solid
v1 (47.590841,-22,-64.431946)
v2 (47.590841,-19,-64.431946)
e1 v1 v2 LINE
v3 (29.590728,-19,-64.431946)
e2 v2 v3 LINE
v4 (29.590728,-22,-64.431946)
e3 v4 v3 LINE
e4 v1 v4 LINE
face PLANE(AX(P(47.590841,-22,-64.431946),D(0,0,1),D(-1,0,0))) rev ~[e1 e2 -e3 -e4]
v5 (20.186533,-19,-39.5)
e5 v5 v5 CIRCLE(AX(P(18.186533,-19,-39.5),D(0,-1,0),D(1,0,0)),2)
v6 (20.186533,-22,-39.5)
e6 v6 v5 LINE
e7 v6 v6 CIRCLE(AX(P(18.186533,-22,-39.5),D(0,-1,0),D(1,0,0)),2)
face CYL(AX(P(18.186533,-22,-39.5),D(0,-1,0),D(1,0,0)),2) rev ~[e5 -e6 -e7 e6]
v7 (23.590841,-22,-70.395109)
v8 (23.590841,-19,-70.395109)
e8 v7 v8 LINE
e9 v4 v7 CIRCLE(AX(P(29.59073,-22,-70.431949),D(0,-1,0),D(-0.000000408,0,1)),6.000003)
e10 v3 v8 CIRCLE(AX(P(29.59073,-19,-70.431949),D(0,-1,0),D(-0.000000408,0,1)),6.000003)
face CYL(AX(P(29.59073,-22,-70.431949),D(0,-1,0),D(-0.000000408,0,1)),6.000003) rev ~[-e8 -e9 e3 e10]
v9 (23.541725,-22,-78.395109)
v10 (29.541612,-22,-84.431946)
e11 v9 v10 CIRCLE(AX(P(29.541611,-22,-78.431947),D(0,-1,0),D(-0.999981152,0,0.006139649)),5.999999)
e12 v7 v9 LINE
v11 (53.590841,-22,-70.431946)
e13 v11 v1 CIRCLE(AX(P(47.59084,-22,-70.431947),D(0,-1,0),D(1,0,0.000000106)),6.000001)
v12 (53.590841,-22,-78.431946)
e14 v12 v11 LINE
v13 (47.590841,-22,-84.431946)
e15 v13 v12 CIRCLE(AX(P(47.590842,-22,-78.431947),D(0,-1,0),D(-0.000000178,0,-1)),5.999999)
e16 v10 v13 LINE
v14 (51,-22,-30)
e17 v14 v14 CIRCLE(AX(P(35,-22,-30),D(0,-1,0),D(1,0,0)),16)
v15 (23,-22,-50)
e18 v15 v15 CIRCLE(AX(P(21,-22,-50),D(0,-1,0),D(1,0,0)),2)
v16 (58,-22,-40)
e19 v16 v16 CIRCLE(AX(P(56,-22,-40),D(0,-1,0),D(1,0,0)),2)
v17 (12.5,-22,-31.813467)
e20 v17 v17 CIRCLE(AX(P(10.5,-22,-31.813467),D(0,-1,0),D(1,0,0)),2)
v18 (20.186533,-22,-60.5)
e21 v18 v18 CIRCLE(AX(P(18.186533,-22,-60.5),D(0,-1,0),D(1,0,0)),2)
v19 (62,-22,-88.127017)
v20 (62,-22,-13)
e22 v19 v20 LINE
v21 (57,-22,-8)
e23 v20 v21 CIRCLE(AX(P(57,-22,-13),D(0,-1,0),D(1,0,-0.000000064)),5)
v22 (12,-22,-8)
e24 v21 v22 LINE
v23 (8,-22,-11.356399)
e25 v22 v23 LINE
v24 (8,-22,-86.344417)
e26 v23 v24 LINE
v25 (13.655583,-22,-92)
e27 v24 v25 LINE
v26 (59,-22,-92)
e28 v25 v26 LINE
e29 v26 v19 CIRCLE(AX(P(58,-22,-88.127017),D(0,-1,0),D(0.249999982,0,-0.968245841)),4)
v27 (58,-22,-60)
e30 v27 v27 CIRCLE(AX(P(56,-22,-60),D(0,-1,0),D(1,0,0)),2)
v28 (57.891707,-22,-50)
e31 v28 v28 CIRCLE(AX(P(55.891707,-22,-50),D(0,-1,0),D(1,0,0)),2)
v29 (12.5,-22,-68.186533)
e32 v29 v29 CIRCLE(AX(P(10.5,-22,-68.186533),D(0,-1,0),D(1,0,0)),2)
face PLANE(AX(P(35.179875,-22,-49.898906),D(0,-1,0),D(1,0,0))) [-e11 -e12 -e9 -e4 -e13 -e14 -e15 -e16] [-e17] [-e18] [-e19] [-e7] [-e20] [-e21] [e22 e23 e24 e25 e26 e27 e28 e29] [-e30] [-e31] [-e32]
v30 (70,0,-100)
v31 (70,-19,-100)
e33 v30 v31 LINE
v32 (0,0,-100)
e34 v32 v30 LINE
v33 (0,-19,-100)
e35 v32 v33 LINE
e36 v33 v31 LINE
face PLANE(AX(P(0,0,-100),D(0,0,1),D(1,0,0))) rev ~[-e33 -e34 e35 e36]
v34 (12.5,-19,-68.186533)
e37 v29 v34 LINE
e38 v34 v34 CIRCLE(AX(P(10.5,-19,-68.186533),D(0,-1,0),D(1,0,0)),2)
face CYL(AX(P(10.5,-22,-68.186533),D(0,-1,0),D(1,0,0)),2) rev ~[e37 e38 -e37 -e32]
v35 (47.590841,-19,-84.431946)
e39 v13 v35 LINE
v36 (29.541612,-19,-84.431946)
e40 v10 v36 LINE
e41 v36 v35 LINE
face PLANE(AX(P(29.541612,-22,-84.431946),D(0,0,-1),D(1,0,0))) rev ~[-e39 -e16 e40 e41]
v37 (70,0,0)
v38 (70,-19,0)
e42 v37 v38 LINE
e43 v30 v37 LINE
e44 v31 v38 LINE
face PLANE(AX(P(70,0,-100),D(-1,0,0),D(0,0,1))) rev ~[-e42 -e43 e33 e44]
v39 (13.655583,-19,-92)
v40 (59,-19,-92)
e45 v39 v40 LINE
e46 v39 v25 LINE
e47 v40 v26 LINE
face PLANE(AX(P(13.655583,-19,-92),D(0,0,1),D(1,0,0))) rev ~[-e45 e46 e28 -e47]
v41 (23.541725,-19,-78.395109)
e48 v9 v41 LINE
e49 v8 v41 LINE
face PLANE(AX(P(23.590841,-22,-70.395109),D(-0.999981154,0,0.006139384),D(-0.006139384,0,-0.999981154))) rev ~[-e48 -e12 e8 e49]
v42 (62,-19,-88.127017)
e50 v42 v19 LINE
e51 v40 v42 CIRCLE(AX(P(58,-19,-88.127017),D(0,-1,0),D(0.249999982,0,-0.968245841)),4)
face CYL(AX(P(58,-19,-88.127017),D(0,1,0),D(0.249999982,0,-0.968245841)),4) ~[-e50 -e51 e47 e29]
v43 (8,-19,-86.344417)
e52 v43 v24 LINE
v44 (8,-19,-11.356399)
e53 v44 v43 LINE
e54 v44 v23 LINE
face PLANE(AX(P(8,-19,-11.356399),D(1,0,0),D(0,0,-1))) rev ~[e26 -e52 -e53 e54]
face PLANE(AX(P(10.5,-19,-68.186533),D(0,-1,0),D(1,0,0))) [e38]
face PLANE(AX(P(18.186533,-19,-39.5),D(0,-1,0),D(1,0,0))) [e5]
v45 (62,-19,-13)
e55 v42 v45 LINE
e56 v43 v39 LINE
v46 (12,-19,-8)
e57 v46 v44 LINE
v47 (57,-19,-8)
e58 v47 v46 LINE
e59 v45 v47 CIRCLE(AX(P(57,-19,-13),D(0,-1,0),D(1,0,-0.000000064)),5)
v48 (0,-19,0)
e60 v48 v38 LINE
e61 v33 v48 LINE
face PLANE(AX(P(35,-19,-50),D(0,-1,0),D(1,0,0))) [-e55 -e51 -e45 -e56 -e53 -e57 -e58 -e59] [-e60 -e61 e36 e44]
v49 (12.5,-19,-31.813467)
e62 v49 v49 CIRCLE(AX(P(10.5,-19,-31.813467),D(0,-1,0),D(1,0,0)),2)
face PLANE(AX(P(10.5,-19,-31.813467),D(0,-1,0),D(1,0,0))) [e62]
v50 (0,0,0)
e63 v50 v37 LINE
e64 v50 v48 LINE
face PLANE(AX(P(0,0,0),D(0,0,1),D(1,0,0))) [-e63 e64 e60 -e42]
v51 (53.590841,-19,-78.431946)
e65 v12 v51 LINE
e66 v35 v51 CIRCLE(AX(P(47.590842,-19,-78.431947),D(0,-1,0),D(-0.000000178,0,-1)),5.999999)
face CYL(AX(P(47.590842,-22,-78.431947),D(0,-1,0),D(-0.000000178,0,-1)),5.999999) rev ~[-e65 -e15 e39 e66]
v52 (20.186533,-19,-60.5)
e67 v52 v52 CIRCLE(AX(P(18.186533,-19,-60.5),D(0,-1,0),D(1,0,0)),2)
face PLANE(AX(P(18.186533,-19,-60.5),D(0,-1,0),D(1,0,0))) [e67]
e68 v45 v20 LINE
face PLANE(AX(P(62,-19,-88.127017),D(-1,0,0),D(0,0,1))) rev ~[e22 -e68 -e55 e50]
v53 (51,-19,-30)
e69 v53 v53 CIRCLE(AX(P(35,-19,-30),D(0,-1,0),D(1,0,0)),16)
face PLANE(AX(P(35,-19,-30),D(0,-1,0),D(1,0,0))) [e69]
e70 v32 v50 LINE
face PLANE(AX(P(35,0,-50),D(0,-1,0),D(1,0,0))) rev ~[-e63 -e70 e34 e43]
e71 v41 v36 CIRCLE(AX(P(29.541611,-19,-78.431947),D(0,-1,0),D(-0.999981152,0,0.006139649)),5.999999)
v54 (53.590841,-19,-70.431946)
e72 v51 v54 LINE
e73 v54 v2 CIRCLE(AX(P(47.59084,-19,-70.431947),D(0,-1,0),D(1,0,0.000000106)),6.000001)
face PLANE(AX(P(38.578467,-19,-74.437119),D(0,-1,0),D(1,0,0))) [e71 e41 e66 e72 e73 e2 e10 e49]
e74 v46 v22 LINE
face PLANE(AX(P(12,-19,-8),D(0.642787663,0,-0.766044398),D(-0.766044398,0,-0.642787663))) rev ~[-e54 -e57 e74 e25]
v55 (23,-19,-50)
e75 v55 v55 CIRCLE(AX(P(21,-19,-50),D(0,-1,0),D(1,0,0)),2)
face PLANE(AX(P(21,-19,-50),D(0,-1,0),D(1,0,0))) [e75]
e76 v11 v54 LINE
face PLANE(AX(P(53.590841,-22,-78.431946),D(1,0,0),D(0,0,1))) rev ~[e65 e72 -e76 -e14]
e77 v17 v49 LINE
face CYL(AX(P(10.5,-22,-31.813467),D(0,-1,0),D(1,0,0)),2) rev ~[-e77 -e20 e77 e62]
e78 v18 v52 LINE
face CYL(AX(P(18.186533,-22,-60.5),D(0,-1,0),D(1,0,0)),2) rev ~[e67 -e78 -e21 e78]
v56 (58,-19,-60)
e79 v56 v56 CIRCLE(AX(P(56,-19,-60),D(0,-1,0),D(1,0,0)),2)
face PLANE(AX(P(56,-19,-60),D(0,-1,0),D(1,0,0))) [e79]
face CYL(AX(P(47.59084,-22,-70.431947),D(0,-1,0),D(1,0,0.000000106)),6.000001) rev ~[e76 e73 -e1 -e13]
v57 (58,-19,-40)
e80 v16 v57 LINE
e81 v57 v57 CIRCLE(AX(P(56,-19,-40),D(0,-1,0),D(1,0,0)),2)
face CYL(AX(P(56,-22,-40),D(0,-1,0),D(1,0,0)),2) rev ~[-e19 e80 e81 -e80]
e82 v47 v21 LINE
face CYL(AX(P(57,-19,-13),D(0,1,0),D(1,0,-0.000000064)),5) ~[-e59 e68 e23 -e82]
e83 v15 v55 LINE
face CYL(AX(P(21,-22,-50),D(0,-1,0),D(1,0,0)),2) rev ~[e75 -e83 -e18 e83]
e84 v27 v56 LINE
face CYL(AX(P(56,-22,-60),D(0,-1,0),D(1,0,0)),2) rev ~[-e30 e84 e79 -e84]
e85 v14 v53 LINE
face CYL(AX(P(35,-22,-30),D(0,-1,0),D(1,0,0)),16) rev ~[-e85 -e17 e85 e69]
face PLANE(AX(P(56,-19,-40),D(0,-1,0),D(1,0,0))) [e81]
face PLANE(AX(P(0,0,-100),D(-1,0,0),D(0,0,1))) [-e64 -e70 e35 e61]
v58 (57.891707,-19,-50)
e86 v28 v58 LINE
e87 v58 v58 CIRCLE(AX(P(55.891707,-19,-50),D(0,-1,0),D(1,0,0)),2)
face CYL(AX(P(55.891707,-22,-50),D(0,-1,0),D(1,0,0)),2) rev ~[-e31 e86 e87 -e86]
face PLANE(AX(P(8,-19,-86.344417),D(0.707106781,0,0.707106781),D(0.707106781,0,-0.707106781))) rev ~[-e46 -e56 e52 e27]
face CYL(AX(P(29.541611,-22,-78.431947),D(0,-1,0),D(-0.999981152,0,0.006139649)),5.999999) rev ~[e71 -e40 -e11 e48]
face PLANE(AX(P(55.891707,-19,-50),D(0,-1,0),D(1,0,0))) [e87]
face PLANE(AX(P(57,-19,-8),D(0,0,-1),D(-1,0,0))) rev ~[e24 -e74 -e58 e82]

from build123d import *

# Parameters (mm, degrees)
F0_W      = 70
F0_H      = 100
F1_DEPTH  = 19
F3_DEPTH  = 3
F4_R      = 16
F5_DEPTH  = 3
F7_DEPTH  = 3
F8_R      = 2
F9_DEPTH  = 3
F10_R     = 2
F11_DEPTH = 3


with BuildPart() as f1:
    # F0 (on Front) → F1 (new body)
    with BuildSketch(Plane.XZ):
        with Locations((35, -50)):
            Rectangle(F0_W, F0_H)
    extrude(amount=F1_DEPTH)

    # F2 (on face) → F3 (join)
    with BuildSketch(Plane.XZ.offset(19)):
        with BuildLine():
            Line((57, -8), (12, -8))
            Line((12, -8), (8, -11.356399))
            Line((8, -11.356399), (8, -86.344417))
            Line((8, -86.344417), (13.655583, -92))
            Line((13.655583, -92), (59, -92))
            ThreePointArc((59, -92), (61.162278, -90.576506), (62, -88.127017))
            Line((62, -88.127017), (62, -13))
            ThreePointArc((62, -13), (60.535534, -9.464466), (57, -8))
        make_face()
    extrude(amount=F3_DEPTH)

    # F4 (on face) → F5 (cut)
    with BuildSketch(Plane.XZ.offset(22)):
        with Locations((35, -30)):
            Circle(F4_R)
    extrude(amount=-F5_DEPTH, mode=Mode.SUBTRACT)

    # F6 (on face) → F7 (cut)
    with BuildSketch(Plane.XZ.offset(22)):
        with BuildLine():
            Line((47.590841, -64.431946), (29.590728, -64.431946))
            ThreePointArc((29.590728, -64.431946), (25.361132, -66.176302), (23.590841, -70.395109))
            Line((23.590841, -70.395109), (23.541725, -78.395109))
            ThreePointArc((23.541725, -78.395109), (25.285967, -82.661543), (29.541612, -84.431946))
            Line((29.541612, -84.431946), (47.590841, -84.431946))
            ThreePointArc((47.590841, -84.431946), (51.833482, -82.674587), (53.590841, -78.431946))
            Line((53.590841, -78.431946), (53.590841, -70.431946))
            ThreePointArc((53.590841, -70.431946), (51.833482, -66.189306), (47.590841, -64.431946))
        make_face()
    extrude(amount=-F7_DEPTH, mode=Mode.SUBTRACT)

    # F8 (on face) → F9 (cut)
    with BuildSketch(Plane.XZ.offset(22)):
        with Locations((10.5, -31.813467)):
            Circle(F8_R)
        with Locations((18.186533, -39.5)):
            Circle(F8_R)
        with BuildLine():
            ThreePointArc((19, -50), (21, -52), (23, -50))
            ThreePointArc((23, -50), (21, -48), (19, -50))
        make_face()
        with Locations((18.186533, -60.5)):
            Circle(F8_R)
        with Locations((10.5, -68.186533)):
            Circle(F8_R)
    extrude(amount=-F9_DEPTH, mode=Mode.SUBTRACT)

    # F10 (on face) → F11 (cut)
    with BuildSketch(Plane.XZ.offset(22)):
        with Locations((56, -40)):
            Circle(F10_R)
        with Locations((55.891707, -50)):
            Circle(F10_R)
        with Locations((56, -60)):
            Circle(F10_R)
    extrude(amount=-F11_DEPTH, mode=Mode.SUBTRACT)


solid = f1.part
